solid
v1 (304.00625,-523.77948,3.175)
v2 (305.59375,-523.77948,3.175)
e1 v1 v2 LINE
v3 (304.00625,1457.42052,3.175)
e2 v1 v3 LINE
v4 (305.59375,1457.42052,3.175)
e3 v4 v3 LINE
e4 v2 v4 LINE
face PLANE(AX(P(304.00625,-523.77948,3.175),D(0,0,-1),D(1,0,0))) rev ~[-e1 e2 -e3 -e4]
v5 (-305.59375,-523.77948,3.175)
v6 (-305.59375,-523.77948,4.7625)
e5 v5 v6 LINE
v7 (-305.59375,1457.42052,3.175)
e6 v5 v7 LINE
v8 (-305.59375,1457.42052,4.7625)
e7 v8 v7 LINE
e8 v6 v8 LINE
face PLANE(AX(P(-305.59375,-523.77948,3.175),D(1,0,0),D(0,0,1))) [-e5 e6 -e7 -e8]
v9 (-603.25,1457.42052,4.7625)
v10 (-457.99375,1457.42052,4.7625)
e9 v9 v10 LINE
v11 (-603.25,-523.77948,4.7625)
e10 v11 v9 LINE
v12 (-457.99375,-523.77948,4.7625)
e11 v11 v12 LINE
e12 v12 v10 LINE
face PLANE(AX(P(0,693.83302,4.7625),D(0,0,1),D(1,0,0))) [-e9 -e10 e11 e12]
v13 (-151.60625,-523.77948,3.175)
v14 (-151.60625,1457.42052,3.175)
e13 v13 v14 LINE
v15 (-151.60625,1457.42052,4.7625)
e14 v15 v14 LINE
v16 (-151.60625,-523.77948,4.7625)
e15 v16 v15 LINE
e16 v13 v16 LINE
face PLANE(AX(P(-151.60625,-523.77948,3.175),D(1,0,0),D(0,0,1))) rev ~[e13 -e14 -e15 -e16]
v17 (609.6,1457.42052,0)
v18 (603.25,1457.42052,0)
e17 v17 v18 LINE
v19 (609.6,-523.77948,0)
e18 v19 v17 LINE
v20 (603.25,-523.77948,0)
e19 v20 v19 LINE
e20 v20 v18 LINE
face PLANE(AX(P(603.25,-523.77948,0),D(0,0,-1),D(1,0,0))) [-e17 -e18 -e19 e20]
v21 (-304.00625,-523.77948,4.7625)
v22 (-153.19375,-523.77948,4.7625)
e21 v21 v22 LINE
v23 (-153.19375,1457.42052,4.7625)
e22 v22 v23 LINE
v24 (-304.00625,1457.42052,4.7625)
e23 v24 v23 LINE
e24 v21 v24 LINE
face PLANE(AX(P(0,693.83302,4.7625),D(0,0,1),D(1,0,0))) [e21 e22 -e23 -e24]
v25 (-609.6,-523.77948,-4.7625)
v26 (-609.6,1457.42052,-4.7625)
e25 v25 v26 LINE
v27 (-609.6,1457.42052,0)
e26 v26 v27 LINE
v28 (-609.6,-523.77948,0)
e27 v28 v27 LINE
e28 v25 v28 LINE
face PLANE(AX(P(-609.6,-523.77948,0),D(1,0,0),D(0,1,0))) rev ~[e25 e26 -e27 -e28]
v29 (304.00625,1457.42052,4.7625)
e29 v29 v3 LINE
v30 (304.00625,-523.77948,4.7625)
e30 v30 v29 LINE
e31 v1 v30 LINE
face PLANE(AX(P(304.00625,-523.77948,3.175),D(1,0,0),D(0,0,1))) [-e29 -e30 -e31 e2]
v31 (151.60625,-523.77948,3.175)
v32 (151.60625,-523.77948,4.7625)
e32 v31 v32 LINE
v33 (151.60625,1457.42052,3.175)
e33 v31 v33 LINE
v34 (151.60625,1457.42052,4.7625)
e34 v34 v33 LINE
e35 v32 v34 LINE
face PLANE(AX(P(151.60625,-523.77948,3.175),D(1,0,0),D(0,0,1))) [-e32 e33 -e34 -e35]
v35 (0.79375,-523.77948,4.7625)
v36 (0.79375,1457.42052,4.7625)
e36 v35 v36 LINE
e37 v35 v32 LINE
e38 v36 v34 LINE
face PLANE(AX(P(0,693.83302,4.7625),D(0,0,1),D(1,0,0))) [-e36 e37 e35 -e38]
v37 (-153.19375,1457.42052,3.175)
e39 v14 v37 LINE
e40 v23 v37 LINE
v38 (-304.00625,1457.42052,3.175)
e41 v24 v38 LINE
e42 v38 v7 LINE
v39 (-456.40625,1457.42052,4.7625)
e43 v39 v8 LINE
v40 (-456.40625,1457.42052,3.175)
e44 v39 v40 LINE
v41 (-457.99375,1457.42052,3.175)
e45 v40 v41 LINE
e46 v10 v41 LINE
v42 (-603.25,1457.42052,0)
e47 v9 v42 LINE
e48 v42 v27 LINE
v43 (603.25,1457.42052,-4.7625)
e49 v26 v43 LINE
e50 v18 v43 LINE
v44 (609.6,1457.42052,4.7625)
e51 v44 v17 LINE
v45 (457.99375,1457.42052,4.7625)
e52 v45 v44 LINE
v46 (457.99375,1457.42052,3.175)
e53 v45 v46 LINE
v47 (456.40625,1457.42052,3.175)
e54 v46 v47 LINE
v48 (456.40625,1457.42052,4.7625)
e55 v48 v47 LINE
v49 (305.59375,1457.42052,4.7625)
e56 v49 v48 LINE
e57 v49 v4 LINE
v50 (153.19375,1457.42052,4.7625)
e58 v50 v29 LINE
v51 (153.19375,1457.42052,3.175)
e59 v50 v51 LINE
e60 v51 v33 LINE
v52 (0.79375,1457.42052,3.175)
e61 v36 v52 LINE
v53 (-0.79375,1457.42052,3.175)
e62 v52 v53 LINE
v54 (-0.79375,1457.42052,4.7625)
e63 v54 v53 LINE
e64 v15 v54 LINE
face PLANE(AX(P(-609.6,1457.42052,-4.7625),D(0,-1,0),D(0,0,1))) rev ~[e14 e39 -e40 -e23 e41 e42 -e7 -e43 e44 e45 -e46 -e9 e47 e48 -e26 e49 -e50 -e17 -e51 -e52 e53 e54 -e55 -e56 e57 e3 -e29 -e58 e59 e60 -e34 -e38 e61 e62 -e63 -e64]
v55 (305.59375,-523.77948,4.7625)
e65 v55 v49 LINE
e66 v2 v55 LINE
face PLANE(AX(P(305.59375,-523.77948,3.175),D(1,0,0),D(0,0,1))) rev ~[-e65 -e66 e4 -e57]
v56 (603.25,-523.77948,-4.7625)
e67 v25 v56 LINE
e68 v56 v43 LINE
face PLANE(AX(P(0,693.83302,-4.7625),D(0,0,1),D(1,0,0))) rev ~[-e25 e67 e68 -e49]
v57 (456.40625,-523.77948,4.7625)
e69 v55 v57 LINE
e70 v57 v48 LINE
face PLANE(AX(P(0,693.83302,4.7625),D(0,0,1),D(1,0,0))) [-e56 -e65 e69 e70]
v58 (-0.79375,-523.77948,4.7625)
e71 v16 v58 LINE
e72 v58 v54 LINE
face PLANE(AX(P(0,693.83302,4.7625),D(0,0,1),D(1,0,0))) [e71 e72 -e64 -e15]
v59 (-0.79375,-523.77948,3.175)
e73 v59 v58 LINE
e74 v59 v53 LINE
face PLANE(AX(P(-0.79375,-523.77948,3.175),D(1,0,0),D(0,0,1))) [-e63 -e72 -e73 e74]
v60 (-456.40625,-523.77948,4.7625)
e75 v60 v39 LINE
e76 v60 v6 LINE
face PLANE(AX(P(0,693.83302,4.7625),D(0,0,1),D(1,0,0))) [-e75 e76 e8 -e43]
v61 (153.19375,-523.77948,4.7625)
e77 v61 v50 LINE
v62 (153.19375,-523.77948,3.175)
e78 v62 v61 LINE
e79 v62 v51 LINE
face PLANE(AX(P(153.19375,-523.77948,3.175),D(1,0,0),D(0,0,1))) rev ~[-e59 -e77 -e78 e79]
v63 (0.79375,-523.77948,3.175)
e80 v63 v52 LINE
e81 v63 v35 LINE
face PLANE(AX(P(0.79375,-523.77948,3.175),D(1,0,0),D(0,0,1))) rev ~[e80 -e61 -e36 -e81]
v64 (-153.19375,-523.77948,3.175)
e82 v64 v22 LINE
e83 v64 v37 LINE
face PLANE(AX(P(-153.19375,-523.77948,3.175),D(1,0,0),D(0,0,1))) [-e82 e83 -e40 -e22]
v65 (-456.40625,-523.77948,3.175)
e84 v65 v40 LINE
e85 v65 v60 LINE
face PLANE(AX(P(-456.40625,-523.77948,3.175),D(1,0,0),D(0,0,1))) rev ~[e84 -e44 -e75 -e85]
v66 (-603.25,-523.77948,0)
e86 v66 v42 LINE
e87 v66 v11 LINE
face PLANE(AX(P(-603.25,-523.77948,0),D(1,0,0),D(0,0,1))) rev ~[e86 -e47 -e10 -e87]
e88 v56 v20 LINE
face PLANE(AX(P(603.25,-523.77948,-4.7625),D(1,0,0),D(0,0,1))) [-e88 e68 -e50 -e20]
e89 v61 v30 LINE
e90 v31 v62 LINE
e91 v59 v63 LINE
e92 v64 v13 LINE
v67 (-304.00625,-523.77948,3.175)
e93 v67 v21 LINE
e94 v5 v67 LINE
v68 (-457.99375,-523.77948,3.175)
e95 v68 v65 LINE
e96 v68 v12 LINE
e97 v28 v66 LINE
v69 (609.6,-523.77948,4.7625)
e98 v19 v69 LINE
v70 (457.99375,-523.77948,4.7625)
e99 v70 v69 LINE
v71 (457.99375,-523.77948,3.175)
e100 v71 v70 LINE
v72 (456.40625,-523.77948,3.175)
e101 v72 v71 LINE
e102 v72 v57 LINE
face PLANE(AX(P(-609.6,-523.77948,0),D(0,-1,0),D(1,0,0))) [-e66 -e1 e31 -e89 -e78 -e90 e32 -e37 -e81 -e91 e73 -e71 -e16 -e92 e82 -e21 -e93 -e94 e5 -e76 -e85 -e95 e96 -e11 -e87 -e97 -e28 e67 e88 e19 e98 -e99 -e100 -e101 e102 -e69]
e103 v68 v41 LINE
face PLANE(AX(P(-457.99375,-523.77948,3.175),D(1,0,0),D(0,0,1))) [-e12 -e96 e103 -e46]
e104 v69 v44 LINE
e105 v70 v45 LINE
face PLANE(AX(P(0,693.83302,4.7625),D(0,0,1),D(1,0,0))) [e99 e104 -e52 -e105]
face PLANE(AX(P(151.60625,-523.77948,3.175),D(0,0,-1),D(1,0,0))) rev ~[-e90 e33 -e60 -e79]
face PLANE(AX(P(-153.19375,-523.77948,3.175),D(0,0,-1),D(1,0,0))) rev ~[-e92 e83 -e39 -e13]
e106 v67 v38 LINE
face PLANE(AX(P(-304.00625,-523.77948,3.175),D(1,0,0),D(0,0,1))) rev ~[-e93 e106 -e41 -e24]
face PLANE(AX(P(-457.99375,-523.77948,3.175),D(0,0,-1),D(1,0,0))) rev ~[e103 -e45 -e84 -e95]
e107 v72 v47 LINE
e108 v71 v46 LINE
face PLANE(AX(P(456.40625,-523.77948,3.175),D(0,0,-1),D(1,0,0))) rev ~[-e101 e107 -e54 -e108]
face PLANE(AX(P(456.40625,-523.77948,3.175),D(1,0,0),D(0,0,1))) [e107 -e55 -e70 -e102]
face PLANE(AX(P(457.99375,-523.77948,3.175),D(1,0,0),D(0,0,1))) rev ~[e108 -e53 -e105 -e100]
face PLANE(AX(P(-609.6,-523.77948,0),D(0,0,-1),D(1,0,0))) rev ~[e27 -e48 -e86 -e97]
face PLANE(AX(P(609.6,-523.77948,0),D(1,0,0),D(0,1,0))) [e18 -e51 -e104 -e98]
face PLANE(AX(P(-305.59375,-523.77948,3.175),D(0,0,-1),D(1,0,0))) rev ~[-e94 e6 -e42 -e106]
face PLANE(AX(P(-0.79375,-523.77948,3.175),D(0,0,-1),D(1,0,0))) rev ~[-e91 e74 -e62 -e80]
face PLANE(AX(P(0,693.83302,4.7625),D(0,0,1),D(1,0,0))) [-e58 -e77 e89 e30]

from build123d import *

# Parameters (mm, degrees)
F0_W     = 1219.2
F0_H     = 2435.225
F1_DEPTH = 4.7625
F2_W     = 6.35
F2_H     = 4.7625
F3_DEPTH = 2435.226
F4_W     = 1.5875
F4_H     = 1.5875
F5_DEPTH = 2435.226
F6_W     = 454.025
F6_H     = 9.525
F7_DEPTH = 1219.201


with BuildPart() as f1:
    # F0 (on Top) → F1 (new body, symmetric)
    with BuildSketch(Plane.XY):
        with Locations((0, 693.83302)):
            Rectangle(F0_W, F0_H)
    extrude(amount=F1_DEPTH, both=True)

    # F2 (on face) → F3 (cut, through all)
    with BuildSketch(Plane.XZ.offset(523.77948)):
        with Locations((606.425, -2.38125)):
            Rectangle(F2_W, F2_H)
        with Locations((-606.425, 2.38125)):
            Rectangle(F2_W, F2_H)
    extrude(amount=-F3_DEPTH, mode=Mode.SUBTRACT)

    # F4 (on face) → F5 (cut, through all)
    with BuildSketch(Plane.XZ.offset(523.77948)):
        with Locations((-457.2, 3.96875)):
            Rectangle(F4_W, F4_H)
        with Locations((-304.8, 3.96875)):
            Rectangle(F4_W, F4_H)
        with Locations((-152.4, 3.96875)):
            Rectangle(F4_W, F4_H)
        with Locations((0, 3.96875)):
            Rectangle(F4_W, F4_H)
        with Locations((152.4, 3.96875)):
            Rectangle(F4_W, F4_H)
        with Locations((304.8, 3.96875)):
            Rectangle(F4_W, F4_H)
        with Locations((457.2, 3.96875)):
            Rectangle(F4_W, F4_H)
    extrude(amount=-F5_DEPTH, mode=Mode.SUBTRACT)

    # F6 (on face) → F7 (cut, through all)
    with BuildSketch(Plane(origin=(-609.6, 0, 0), x_dir=(0, -1, 0), z_dir=(-1, 0, 0))):
        with Locations((-1684.43302, 0)):
            Rectangle(F6_W, F6_H)
    extrude(amount=-F7_DEPTH, mode=Mode.SUBTRACT)


solid = f1.part
